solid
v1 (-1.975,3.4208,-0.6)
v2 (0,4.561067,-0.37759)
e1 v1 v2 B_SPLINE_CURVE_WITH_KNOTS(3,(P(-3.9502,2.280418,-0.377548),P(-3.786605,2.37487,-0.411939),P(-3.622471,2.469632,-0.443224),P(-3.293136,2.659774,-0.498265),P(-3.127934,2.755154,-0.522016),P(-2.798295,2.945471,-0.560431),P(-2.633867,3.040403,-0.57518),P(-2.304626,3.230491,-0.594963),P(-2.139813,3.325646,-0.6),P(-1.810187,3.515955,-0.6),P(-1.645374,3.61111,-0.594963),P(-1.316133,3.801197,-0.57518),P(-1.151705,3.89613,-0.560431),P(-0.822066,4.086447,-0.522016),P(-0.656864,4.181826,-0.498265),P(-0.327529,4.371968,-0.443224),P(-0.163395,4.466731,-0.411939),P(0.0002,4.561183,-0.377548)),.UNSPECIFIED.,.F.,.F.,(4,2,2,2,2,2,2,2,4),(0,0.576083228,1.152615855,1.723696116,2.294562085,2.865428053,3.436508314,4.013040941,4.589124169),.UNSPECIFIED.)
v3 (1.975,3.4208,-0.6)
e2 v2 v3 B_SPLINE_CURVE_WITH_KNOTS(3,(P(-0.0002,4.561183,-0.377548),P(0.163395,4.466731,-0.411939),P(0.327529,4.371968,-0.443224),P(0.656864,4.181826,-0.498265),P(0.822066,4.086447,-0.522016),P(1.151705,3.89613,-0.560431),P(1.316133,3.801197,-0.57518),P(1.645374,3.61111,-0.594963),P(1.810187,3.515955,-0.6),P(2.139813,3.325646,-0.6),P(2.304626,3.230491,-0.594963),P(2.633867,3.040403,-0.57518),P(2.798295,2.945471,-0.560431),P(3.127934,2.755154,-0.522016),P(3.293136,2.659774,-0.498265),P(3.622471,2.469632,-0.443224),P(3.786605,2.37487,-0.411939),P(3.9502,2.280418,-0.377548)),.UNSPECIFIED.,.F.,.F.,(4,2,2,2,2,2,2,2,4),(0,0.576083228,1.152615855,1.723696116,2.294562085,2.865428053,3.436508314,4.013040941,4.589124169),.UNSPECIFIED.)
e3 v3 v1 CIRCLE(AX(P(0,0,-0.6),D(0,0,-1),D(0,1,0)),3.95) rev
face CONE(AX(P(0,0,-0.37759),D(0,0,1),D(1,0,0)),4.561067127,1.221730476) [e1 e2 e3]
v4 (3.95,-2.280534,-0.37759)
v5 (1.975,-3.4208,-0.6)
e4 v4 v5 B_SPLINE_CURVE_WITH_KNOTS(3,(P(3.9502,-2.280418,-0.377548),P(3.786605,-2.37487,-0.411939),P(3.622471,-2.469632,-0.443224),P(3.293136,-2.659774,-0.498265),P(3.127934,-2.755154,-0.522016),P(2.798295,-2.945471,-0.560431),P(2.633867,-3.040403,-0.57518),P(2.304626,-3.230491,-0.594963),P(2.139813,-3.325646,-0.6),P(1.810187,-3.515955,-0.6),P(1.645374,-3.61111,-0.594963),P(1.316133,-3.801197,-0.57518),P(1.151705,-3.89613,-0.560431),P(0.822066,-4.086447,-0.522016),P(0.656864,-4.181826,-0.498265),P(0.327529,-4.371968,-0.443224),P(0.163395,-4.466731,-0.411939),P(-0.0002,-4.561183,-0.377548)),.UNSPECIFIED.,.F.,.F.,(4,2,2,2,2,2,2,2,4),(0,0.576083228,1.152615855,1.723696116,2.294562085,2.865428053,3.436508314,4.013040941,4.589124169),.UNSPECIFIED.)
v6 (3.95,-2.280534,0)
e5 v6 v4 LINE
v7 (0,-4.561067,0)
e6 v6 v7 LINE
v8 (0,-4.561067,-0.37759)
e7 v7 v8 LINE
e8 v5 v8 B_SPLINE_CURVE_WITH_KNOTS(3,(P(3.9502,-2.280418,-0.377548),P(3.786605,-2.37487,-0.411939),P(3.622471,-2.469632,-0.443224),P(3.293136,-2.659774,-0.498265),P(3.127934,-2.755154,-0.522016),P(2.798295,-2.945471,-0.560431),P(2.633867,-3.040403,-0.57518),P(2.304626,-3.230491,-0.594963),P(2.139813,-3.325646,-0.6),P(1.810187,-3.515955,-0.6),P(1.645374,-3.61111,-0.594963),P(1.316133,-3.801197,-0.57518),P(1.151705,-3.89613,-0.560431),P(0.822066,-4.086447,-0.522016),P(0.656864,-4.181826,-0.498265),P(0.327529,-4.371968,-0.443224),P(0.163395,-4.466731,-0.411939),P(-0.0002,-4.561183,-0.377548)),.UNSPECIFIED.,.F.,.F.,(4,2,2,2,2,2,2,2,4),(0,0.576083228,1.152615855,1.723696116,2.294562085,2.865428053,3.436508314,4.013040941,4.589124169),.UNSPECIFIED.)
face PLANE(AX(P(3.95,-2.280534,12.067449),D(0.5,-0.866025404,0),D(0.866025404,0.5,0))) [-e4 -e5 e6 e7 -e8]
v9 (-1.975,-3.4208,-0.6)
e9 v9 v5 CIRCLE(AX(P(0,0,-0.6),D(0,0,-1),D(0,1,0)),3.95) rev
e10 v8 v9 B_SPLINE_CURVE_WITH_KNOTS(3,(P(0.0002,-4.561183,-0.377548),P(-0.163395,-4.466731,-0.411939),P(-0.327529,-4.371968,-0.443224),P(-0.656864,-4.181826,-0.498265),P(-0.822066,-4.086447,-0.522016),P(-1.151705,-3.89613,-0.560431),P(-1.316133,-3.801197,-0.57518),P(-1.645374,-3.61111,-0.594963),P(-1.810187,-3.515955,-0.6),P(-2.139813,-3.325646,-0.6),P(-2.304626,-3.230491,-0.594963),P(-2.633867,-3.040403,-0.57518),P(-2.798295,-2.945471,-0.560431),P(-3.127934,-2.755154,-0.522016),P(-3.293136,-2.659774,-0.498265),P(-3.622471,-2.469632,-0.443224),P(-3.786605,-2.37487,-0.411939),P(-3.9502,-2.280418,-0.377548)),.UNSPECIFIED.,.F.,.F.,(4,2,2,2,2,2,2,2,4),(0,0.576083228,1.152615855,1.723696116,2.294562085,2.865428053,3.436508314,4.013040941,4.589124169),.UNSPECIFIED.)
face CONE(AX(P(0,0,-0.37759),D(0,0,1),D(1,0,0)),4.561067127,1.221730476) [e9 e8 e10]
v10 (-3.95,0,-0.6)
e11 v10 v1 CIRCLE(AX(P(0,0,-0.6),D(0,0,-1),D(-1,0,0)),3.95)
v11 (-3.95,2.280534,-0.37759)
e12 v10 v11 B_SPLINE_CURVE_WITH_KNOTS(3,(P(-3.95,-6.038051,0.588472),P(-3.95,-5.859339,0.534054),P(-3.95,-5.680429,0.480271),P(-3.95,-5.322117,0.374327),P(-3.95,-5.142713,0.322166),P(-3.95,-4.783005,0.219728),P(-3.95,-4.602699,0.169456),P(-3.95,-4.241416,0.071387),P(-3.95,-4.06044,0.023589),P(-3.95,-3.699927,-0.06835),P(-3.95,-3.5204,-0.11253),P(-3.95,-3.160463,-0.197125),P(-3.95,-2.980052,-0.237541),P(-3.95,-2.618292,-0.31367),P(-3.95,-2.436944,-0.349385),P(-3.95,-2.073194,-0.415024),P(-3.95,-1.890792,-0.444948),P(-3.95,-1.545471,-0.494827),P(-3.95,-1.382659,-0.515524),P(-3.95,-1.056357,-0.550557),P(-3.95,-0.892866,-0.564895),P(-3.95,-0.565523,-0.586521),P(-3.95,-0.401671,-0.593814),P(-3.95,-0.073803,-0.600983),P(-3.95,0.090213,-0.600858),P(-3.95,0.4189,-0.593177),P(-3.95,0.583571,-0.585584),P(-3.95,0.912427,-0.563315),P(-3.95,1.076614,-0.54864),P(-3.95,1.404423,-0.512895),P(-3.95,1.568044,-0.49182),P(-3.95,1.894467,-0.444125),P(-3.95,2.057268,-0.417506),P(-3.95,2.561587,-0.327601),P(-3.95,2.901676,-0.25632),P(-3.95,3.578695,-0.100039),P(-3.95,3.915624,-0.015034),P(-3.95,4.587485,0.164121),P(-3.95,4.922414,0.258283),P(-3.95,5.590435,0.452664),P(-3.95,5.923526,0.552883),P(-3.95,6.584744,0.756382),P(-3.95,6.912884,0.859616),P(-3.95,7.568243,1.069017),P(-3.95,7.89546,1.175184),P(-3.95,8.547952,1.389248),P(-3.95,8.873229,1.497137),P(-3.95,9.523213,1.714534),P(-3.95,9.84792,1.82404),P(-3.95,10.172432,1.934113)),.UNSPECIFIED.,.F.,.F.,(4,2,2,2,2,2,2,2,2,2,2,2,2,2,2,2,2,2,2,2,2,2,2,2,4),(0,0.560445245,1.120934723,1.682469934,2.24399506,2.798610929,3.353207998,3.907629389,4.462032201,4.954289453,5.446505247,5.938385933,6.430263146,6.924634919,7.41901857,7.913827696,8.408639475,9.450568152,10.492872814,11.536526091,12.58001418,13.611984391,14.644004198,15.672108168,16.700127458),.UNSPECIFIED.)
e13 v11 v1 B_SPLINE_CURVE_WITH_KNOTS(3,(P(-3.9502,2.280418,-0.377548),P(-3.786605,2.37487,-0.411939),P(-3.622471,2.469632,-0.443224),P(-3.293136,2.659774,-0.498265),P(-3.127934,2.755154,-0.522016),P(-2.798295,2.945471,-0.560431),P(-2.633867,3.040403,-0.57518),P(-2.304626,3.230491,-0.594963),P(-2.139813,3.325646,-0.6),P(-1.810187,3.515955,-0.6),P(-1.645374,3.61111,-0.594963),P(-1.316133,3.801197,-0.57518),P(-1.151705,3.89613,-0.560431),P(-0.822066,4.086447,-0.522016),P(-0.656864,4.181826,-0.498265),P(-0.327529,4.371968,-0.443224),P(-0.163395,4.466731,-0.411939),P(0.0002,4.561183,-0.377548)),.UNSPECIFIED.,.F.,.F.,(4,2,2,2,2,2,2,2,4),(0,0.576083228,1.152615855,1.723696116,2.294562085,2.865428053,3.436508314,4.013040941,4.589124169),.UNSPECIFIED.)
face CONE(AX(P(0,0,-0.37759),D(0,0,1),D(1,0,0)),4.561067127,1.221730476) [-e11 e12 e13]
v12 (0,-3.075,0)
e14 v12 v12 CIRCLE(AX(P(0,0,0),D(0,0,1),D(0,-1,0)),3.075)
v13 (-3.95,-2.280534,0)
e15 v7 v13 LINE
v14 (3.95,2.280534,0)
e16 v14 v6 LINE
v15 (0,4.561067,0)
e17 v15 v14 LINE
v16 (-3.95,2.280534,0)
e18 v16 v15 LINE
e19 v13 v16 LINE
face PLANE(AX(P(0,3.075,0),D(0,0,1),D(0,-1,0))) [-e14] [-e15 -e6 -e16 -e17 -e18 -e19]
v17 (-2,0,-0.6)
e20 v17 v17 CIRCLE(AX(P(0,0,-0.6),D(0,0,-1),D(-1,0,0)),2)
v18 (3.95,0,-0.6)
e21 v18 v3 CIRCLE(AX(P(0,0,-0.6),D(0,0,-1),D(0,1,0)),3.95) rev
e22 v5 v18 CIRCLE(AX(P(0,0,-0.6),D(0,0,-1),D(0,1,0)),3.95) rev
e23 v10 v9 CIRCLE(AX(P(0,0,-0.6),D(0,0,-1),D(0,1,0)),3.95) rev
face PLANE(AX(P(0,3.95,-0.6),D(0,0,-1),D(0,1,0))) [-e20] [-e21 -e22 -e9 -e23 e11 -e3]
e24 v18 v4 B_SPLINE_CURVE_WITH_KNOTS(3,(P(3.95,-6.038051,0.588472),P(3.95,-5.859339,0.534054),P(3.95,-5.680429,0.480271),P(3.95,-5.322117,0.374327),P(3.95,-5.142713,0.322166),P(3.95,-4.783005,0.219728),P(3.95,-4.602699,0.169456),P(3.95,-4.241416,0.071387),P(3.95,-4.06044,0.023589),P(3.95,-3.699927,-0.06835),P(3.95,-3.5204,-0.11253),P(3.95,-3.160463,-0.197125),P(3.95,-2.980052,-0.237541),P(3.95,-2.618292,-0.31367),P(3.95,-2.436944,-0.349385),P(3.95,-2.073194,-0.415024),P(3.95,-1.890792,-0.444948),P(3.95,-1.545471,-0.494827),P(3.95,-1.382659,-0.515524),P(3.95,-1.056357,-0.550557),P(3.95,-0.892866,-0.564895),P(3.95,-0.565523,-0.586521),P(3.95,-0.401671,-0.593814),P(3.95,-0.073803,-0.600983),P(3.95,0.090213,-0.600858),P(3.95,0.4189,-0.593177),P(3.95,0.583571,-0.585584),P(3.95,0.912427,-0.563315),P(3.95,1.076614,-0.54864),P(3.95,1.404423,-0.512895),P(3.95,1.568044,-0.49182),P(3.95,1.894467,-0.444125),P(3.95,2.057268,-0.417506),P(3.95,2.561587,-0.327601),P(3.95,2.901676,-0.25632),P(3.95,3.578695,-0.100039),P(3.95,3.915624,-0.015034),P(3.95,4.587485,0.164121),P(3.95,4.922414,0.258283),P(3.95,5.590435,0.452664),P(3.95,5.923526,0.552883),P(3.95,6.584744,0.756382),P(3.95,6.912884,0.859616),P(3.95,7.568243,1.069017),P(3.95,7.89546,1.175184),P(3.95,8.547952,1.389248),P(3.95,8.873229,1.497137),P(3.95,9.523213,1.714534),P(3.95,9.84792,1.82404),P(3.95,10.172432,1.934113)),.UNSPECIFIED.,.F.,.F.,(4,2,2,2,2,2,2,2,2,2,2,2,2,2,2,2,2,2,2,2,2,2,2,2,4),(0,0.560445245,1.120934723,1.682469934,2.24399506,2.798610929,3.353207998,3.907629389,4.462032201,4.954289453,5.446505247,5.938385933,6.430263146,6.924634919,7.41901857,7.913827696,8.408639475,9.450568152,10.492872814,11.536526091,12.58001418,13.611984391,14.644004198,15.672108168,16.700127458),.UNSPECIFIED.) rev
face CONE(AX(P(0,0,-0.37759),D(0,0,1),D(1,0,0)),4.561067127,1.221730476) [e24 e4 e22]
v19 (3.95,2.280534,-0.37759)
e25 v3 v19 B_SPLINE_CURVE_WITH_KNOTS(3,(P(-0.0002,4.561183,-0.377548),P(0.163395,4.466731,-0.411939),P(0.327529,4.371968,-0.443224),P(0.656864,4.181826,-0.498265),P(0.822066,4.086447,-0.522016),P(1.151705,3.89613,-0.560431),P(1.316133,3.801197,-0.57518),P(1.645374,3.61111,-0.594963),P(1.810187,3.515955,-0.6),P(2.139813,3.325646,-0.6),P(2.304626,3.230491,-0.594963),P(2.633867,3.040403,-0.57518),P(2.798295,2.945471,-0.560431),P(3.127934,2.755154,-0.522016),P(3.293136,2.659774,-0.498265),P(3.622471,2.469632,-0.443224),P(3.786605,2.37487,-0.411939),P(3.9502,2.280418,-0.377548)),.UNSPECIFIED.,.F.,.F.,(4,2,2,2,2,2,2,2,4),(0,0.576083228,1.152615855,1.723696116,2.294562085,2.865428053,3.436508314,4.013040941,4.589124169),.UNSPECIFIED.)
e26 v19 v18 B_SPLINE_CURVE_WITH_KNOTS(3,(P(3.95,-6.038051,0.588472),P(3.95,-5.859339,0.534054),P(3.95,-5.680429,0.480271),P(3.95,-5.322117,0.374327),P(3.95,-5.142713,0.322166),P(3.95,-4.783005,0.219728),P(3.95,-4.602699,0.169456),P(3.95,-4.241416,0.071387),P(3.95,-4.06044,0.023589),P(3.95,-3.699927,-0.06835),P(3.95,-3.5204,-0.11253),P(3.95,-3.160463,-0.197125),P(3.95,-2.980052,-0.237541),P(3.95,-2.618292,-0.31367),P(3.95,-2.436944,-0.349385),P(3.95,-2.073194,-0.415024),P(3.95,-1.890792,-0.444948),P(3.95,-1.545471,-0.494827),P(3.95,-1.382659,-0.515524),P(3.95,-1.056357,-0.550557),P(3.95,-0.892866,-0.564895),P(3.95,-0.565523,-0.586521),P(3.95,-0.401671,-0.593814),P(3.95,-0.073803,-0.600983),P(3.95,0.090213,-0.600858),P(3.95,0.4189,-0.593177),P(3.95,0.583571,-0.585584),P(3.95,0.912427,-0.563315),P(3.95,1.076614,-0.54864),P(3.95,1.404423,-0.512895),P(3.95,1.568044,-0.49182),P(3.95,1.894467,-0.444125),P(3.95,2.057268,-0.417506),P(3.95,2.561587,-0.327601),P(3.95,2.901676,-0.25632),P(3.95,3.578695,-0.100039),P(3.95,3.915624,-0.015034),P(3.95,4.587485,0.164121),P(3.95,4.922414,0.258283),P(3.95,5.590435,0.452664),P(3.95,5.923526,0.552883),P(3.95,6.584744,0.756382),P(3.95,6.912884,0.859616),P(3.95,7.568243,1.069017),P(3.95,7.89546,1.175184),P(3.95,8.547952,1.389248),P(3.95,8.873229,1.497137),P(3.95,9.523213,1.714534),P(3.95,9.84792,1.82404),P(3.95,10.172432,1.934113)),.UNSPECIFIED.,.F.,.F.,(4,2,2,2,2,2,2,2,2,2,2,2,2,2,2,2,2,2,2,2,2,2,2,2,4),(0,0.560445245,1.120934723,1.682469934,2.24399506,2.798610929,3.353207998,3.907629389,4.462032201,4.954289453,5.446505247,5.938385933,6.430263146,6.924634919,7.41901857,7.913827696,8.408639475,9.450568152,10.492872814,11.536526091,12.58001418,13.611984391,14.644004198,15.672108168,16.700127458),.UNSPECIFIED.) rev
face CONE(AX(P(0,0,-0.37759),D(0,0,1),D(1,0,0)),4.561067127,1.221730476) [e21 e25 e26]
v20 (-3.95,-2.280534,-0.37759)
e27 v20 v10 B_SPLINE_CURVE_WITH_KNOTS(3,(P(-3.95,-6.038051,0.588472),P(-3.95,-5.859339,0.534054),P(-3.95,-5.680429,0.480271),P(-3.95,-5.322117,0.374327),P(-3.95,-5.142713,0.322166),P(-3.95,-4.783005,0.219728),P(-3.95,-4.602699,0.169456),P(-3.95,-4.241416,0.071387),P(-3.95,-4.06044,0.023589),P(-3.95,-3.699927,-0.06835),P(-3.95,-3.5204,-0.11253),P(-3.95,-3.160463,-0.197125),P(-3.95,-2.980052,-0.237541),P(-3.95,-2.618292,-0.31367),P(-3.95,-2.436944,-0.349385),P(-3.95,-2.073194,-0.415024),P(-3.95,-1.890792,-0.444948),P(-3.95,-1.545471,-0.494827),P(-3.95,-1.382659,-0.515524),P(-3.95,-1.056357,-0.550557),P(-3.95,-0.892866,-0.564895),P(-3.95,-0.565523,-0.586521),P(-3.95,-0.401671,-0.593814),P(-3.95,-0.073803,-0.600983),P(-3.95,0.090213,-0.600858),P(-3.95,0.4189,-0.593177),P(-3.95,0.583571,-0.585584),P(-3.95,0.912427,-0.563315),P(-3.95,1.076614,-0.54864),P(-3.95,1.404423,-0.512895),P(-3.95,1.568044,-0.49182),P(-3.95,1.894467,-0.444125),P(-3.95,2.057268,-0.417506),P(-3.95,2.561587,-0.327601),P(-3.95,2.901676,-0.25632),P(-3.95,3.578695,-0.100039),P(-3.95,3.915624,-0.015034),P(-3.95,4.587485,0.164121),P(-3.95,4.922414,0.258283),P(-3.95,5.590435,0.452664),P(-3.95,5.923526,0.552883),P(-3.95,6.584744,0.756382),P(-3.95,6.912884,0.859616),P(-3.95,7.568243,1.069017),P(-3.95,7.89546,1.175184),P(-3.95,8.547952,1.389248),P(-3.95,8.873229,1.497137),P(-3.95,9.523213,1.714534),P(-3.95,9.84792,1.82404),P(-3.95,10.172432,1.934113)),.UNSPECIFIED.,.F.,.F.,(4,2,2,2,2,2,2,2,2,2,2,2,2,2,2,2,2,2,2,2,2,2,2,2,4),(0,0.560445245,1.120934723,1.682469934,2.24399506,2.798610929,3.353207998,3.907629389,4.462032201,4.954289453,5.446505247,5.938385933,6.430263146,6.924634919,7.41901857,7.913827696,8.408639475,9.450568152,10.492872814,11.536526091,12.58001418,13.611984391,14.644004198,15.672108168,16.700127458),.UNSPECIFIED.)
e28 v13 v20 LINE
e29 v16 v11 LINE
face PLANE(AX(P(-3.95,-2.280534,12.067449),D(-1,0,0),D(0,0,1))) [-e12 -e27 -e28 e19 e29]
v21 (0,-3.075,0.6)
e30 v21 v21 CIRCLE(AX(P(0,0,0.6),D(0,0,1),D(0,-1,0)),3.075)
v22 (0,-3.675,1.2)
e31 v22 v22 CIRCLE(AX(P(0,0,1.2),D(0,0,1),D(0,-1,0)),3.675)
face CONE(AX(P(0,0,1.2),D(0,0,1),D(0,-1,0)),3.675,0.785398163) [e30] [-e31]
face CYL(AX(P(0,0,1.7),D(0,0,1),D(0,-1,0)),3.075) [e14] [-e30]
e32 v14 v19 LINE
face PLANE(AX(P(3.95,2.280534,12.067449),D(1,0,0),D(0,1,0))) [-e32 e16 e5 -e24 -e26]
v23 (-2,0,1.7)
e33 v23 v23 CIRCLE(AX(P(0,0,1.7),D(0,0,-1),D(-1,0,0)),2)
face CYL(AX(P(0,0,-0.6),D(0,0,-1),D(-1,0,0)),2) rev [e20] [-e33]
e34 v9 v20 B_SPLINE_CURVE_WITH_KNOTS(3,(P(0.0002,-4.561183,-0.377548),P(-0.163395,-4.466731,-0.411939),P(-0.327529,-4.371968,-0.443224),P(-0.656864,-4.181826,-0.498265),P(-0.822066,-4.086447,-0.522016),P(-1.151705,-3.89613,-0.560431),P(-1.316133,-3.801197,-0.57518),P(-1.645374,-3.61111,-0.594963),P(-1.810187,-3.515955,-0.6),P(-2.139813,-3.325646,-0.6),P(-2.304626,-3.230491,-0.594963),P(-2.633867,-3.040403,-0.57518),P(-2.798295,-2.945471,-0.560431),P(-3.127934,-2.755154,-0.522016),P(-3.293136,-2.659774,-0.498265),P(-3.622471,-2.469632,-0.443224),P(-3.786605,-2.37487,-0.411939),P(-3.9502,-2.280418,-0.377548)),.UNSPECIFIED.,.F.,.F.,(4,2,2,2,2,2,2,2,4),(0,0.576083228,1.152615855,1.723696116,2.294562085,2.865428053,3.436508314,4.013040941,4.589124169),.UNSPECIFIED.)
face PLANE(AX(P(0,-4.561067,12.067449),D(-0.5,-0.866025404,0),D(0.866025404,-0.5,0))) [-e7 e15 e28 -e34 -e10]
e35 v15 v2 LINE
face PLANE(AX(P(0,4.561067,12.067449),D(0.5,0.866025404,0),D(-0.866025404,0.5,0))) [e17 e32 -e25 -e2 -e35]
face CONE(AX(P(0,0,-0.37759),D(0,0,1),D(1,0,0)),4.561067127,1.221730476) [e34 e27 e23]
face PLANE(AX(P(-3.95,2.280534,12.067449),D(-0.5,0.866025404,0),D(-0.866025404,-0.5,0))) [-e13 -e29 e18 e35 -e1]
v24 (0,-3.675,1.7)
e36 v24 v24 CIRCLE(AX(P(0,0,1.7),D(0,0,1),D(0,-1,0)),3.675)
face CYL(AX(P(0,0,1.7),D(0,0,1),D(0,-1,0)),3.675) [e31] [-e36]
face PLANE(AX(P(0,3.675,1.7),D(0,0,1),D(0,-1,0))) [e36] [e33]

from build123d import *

# Parameters (mm, degrees)
BOSS_EXTRUDE1_DEPTH = 0.6
SKETCH6_W           = 2.3
SKETCH6_H           = 2


with BuildPart() as part:
    # Sketch1 → Revolve1 (revolve)
    with BuildSketch(Plane.ZY):
        Polygon((0, 3.075), (0.6, 3.075), (1.2, 3.675), (1.7, 3.675), (1.7, 0), (0, 0), (-0.6, 0), (-0.6, 3.95), (0, 3.95), align=None)
    revolve(axis=Axis((0, 0, 1.7), (0, 0, -1)))

    # Sketch3 → Boss-Extrude1 (add)
    with BuildSketch(Plane(origin=(0, 0, -0.6), x_dir=(-1, 0, 0), z_dir=(0, 0, -1))):
        Polygon((0, 4.561067127), (-3.95, 2.280533563), (-3.95, -2.280533563), (0, -4.561067127), (3.95, -2.280533563), (3.95, 2.280533563), align=None)
    extrude(amount=-BOSS_EXTRUDE1_DEPTH)

    # Sketch10 → Cut-Revolve4 (revolve, cut)
    with BuildSketch(Plane(origin=(0, 0, 0), x_dir=(0, 0, -1), z_dir=(1, 0, 0))):
        Polygon((0.377589755, 4.561067127), (0.6, 4.561067127), (0.6, 3.95), align=None)
    revolve(axis=Axis((0, 0, -0.6), (0, 0, 1)), mode=Mode.SUBTRACT)

    # Sketch6 → Cut-Revolve2 (revolve, cut)
    with BuildSketch(Plane(origin=(0, 0, 0), x_dir=(0, 0, -1), z_dir=(1, 0, 0))):
        with Locations((-0.55, 1)):
            Rectangle(SKETCH6_W, SKETCH6_H)
    revolve(axis=Axis((0, 0, -0.6), (0, 0, 1)), mode=Mode.SUBTRACT)


solid = part.part
